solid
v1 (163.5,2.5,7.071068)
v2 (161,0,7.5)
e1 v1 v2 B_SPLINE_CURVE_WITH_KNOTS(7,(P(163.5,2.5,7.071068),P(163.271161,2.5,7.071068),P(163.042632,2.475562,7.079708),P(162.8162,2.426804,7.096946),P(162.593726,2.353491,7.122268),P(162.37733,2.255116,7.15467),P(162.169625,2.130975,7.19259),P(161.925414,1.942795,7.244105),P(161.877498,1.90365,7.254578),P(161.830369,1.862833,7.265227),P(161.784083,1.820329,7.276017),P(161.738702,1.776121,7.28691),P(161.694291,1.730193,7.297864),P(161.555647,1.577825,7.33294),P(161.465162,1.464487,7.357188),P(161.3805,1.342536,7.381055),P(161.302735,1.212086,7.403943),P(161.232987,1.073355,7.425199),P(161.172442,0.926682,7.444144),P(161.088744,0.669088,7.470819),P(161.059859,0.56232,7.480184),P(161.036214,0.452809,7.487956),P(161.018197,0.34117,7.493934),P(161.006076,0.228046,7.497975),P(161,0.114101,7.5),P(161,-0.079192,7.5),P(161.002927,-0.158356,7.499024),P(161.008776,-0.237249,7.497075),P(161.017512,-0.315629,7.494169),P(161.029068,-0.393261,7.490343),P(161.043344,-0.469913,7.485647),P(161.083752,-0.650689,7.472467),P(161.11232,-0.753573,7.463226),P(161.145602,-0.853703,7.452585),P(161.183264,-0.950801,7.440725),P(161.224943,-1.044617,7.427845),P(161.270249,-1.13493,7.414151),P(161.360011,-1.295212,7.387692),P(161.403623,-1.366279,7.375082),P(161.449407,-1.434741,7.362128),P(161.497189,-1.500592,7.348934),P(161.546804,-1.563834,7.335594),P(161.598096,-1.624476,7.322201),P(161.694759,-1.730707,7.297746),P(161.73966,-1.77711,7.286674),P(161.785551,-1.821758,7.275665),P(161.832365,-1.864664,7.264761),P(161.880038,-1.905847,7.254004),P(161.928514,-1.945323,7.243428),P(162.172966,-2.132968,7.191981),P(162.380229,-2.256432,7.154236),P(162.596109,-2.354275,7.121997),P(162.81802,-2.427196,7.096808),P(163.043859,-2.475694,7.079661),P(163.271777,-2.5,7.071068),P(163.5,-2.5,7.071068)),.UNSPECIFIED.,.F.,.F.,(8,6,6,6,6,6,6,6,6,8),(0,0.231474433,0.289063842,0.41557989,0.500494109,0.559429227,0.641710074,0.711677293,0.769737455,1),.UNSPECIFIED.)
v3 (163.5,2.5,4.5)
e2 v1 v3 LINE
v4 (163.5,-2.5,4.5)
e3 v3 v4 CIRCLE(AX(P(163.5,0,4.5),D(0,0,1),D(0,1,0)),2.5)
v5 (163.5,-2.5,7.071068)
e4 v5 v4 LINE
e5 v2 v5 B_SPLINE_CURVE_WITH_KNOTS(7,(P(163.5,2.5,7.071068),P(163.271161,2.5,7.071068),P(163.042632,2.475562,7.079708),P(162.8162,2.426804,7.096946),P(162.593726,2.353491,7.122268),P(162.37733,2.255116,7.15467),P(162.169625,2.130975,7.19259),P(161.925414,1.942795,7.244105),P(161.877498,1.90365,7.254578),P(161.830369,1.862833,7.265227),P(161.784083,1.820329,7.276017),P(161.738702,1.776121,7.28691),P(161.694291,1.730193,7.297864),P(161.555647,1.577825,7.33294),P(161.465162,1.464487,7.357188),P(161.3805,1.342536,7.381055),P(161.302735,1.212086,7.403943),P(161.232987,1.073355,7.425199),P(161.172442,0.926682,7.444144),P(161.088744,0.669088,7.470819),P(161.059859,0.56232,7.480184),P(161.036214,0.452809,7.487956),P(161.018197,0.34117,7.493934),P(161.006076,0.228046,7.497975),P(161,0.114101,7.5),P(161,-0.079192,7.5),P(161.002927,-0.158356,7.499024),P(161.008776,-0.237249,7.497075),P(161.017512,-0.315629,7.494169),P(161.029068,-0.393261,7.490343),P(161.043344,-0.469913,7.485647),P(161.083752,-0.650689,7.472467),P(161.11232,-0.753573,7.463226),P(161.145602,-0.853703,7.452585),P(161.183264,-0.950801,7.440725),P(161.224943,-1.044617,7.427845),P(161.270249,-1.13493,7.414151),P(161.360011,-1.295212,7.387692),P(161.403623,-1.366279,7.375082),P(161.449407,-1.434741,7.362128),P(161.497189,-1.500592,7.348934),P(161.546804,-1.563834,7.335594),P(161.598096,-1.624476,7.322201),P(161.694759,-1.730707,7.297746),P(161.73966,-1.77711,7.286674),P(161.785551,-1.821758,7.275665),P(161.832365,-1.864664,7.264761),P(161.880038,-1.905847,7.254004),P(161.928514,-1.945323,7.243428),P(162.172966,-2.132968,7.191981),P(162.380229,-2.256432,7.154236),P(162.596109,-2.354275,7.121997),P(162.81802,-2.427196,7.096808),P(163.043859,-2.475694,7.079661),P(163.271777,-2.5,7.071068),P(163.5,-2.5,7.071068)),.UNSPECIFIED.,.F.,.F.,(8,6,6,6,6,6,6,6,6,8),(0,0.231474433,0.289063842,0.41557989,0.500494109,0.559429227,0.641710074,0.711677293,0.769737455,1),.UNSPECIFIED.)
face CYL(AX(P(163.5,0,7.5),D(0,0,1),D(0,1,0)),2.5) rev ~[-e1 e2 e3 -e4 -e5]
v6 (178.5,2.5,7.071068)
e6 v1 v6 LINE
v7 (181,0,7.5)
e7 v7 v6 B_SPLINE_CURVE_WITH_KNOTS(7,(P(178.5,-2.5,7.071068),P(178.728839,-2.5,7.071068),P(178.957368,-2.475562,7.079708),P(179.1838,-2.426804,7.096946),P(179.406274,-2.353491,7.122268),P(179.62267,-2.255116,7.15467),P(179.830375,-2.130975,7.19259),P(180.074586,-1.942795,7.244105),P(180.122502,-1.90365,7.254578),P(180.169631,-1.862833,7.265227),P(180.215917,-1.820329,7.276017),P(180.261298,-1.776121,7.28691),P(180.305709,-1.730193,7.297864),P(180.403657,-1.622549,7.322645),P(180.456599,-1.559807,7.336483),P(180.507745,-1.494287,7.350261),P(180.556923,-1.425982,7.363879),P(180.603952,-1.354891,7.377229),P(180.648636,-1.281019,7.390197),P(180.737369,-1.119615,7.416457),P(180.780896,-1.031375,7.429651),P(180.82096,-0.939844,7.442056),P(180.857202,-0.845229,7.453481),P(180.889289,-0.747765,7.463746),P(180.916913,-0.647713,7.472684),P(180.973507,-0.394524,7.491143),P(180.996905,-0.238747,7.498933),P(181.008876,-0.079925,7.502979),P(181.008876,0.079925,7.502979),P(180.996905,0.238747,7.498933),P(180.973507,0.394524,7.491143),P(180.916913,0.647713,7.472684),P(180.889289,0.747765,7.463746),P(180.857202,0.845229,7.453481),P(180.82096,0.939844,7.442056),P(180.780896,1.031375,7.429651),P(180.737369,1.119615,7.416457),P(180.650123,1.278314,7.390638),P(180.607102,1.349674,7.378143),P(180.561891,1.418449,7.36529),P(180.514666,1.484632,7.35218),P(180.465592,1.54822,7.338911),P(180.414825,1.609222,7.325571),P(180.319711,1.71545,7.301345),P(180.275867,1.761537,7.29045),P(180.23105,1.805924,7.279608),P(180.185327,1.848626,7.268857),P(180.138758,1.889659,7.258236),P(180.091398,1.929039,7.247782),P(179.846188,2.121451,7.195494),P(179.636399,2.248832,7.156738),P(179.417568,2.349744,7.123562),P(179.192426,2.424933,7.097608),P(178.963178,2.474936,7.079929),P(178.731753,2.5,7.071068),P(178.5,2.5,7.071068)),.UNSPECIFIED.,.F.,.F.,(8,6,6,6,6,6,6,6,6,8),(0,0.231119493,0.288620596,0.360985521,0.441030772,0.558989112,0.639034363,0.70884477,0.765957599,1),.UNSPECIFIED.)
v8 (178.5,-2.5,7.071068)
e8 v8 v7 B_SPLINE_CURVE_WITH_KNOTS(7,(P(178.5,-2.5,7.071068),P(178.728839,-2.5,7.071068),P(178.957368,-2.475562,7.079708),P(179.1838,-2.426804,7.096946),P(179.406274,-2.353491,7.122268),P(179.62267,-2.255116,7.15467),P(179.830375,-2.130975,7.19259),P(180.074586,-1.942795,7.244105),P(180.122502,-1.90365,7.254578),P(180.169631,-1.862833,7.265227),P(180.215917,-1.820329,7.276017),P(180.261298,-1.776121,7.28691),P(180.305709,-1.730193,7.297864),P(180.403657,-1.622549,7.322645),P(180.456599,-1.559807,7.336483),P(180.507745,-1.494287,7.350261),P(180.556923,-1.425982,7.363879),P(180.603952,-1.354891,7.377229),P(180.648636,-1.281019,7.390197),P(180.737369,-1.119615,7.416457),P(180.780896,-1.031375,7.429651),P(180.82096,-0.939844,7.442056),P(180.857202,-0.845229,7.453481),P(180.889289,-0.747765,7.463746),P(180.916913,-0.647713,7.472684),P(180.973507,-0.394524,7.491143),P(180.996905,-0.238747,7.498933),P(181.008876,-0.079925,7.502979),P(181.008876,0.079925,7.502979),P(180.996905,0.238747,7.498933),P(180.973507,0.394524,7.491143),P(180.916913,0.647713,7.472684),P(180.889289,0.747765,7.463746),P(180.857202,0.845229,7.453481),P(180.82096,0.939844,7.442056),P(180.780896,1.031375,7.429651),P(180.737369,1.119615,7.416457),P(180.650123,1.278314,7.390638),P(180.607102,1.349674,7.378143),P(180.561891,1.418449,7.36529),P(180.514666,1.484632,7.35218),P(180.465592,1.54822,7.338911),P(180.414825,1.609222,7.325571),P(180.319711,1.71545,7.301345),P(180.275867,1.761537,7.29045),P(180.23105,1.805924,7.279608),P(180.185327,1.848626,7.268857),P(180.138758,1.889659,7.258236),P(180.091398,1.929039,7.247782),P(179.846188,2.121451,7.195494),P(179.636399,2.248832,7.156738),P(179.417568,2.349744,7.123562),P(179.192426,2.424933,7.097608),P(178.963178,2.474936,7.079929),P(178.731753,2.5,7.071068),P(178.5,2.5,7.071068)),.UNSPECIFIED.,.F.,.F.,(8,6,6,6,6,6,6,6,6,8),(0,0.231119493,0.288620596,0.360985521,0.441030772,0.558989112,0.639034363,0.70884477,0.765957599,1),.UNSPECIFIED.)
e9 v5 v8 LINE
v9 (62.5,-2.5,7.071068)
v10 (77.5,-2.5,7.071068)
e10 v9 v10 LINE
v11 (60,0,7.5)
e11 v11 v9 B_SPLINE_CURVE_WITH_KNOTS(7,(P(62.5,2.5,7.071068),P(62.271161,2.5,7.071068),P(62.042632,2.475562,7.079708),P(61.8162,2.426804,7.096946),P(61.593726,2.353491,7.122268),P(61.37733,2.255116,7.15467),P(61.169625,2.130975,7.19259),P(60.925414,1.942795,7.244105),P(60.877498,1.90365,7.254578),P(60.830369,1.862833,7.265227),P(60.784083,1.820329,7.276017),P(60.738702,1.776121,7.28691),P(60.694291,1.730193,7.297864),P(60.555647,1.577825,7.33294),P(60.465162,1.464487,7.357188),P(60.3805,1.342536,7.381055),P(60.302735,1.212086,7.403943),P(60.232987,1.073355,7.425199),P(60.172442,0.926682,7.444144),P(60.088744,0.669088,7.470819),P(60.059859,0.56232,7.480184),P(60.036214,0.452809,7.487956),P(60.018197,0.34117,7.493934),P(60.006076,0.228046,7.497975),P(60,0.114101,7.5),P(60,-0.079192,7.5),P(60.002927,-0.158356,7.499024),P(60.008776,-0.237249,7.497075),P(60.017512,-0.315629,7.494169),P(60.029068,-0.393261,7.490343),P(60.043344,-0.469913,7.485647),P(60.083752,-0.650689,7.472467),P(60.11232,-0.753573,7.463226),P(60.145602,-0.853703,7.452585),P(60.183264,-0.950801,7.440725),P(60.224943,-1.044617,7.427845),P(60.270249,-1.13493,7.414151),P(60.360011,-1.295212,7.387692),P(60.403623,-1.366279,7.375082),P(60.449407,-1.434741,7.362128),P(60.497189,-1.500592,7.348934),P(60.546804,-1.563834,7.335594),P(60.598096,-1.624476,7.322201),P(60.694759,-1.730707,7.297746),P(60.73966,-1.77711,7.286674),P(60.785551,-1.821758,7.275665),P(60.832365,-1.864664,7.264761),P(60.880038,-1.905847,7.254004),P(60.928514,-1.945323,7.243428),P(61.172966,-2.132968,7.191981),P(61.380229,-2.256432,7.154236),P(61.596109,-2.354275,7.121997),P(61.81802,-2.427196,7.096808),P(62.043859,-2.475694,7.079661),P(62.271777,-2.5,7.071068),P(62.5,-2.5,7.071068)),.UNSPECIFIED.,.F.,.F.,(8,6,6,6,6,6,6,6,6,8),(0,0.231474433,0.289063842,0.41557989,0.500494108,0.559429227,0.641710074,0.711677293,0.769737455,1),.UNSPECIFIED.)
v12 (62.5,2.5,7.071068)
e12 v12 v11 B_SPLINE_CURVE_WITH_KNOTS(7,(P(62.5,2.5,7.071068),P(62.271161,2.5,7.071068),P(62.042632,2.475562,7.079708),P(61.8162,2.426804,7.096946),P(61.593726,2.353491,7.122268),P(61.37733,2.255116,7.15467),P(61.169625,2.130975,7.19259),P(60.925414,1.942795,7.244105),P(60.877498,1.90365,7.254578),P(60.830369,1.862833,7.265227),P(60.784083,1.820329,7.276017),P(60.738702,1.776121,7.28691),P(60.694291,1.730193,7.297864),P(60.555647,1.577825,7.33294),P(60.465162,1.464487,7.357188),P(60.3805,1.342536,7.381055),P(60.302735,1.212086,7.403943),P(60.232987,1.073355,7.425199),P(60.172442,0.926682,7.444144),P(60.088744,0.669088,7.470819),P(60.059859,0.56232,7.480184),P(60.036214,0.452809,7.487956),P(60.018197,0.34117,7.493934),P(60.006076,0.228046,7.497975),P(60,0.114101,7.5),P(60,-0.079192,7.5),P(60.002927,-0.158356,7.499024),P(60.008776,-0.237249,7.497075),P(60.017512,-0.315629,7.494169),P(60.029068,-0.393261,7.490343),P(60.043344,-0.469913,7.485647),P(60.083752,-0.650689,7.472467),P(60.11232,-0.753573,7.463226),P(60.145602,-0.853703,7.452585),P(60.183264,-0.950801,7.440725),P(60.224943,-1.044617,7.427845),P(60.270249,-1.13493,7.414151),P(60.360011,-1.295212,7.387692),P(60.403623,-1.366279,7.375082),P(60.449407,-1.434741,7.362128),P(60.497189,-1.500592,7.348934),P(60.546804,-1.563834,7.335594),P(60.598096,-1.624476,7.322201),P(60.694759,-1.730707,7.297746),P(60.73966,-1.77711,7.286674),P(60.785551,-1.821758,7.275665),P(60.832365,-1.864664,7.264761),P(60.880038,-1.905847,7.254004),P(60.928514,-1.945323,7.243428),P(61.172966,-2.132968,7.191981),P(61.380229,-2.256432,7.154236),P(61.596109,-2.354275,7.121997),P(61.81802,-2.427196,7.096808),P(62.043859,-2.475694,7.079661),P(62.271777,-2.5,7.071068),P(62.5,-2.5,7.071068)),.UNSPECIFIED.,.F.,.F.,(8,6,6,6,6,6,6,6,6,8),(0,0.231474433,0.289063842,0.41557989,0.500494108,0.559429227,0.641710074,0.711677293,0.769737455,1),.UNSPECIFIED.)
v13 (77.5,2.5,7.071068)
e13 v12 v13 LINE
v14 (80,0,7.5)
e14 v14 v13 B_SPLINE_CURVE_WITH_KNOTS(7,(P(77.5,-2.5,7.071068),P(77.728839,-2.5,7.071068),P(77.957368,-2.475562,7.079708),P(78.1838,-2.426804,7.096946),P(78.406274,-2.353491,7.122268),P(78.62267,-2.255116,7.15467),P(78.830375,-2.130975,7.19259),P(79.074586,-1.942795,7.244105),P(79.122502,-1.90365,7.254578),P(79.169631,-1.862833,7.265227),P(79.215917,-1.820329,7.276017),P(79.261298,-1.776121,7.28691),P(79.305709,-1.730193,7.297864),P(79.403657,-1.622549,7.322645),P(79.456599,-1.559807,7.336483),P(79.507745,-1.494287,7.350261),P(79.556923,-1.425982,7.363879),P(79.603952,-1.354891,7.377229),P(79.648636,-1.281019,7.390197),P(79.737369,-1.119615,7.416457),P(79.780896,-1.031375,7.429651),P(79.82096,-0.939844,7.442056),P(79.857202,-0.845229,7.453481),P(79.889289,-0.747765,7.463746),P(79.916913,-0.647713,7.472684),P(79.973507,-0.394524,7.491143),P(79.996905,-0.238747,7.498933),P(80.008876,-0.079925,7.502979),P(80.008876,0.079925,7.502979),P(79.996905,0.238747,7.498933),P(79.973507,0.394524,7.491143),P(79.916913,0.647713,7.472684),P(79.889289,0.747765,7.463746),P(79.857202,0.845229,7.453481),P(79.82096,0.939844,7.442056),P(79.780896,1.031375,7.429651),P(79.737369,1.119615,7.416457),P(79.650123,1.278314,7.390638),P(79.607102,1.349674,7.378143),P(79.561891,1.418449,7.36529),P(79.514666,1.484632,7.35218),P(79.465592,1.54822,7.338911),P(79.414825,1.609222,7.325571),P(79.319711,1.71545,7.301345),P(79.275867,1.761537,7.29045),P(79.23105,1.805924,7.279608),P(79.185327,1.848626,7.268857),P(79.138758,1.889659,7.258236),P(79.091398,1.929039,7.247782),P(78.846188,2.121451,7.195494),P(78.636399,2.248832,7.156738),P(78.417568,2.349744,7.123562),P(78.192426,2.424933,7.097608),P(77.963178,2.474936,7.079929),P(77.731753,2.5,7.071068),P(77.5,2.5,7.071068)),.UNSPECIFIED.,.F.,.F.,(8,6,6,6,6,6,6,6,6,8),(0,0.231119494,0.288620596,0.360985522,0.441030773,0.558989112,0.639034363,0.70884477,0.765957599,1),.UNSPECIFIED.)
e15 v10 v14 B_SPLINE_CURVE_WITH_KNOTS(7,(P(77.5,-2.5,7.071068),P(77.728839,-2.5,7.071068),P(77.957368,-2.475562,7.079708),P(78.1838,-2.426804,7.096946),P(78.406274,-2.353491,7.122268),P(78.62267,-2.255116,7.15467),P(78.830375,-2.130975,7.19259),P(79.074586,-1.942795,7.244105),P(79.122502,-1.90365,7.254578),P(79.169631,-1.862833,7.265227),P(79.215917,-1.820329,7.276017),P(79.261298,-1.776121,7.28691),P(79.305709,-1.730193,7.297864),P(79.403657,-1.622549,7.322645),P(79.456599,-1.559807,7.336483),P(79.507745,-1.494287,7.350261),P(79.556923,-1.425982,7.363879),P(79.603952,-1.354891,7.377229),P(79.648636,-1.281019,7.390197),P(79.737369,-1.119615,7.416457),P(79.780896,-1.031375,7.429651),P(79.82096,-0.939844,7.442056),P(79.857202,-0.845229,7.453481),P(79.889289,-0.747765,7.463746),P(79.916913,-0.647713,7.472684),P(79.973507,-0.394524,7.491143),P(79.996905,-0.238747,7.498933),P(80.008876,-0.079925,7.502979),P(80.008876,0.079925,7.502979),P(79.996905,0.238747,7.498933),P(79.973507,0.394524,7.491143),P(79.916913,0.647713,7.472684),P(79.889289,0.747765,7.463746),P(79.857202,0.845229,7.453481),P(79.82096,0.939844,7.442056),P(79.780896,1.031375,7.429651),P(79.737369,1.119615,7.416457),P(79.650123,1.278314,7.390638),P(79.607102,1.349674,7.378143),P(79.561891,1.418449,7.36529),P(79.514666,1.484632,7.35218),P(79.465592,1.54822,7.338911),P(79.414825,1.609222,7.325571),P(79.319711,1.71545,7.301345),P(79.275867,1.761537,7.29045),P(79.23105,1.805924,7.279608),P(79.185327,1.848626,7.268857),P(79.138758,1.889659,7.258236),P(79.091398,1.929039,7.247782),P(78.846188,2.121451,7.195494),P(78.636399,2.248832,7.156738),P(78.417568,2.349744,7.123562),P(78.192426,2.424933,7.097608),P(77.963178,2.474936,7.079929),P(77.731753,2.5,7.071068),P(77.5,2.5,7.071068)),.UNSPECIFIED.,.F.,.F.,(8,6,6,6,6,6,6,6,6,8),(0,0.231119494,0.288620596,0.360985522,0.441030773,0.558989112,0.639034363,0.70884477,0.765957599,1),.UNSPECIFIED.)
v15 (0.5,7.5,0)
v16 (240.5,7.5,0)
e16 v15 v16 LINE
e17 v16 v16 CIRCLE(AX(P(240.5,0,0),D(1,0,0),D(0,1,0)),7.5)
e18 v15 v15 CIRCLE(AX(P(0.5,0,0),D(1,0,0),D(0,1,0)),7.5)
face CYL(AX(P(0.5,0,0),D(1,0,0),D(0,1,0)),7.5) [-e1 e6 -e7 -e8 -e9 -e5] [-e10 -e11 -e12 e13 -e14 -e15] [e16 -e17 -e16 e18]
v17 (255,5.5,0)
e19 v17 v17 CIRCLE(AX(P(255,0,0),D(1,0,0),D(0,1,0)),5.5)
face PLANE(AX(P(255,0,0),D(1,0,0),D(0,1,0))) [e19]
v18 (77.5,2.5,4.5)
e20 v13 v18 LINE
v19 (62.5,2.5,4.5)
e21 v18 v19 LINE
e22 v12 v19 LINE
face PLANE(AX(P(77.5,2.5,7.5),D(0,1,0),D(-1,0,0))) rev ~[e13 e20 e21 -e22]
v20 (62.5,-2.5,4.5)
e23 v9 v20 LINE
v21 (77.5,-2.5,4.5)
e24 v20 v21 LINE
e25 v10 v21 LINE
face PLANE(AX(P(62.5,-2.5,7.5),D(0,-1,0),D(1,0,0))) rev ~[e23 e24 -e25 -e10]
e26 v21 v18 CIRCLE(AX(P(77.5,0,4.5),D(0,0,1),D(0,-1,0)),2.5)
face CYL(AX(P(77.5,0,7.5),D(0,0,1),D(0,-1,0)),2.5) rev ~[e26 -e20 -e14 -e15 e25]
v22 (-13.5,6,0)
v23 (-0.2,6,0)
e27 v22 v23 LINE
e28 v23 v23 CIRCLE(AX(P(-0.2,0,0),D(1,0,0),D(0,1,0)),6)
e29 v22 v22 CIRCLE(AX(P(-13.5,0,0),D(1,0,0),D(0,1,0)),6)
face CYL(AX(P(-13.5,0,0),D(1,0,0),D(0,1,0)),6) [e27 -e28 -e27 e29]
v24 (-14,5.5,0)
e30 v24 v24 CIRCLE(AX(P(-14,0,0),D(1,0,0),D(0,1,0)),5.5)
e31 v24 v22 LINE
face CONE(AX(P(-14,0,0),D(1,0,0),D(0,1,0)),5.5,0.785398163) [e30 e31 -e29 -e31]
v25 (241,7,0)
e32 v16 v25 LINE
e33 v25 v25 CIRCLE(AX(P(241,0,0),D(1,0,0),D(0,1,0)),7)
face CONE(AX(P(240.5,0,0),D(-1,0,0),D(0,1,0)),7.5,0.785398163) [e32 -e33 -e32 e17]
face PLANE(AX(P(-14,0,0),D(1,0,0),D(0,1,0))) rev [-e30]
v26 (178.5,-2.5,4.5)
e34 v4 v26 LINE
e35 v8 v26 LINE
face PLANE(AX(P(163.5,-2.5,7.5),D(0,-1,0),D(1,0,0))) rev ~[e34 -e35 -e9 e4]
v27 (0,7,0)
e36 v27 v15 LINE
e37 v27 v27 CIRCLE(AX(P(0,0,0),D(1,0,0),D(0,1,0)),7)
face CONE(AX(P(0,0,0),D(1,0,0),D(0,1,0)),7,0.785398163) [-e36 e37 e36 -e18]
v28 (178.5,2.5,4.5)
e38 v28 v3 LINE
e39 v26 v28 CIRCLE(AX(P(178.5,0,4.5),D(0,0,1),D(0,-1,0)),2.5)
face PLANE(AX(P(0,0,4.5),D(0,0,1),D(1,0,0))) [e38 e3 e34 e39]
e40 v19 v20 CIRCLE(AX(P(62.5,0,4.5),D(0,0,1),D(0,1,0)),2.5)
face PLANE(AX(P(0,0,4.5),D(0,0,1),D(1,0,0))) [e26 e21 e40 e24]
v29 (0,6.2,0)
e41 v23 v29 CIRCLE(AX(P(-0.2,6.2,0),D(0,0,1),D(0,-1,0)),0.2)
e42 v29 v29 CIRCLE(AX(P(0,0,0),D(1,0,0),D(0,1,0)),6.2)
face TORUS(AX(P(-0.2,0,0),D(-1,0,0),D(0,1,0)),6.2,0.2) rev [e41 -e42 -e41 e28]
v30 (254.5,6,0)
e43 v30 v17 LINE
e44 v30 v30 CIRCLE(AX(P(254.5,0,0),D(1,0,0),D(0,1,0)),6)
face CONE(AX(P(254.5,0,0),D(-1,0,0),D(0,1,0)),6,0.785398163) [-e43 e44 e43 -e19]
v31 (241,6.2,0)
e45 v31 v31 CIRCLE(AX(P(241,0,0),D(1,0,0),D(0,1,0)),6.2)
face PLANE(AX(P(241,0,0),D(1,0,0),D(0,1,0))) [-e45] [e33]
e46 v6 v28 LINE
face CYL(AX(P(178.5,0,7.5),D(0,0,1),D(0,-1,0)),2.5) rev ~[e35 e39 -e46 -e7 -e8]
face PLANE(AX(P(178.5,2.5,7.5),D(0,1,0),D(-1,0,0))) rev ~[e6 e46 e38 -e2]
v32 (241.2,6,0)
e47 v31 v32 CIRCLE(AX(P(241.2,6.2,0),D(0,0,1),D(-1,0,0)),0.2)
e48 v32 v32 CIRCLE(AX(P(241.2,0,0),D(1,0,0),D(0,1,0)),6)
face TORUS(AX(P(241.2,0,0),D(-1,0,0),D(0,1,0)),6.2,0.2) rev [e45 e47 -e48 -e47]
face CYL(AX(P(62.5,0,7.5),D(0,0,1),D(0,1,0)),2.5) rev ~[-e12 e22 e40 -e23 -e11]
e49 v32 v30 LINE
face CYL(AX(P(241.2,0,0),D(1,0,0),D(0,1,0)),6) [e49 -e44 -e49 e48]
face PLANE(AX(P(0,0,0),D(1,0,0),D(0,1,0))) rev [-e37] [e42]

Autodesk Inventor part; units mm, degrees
ref_plane "YZ Plane" through (0, 0, 0) normal (1, 0, 0) x (0, 1, 0)
ref_plane "XZ Plane" through (0, 0, 0) normal (0, 1, 0) x (-1, 0, 0)
ref_plane "XY Plane" through (0, 0, 0) normal (0, 0, 1) x (1, 0, 0)
sketch "Sketch_1" plane through (0, 0, 0) normal (0, 0, 1) x (1, 0, 0)
  line L0 (255, 0) -> (-14, 0)
  line L1 (-14, 0) -> (-14, 5.5)
  line L2 (-14, 5.5) -> (-13.5, 6)
  line L3 (-13.5, 6) -> (-0.2, 6)
  arc A0 (-0.2, 6) -> (0, 6.2) centre (-0.2, 6.2) ccw
  line L4 (0, 6.2) -> (0, 7)
  line L5 (0, 7) -> (0.5, 7.5)
  line L6 (0.5, 7.5) -> (240.5, 7.5)
  line L7 (240.5, 7.5) -> (241, 7)
  line L8 (241, 7) -> (241, 6.2)
  arc A1 (241, 6.2) -> (241.2, 6) centre (241.2, 6.2) ccw
  line L9 (241.2, 6) -> (254.5, 6)
  line L10 (254.5, 6) -> (255, 5.5)
  line L11 (255, 5.5) -> (255, 0)
  line L12 (255, 0) -> (-14, 0)
revolve "Revolution1" add sketch "Sketch_1" angle 360 about axis through (255, 0, 0) along (1, 0, 0)
sketch "_____2" plane through (0, 0, 7.5) normal (0, 0, 1) x (1, 0, 0)
  arc A0 (62.5, 2.5) -> (62.5, -2.5) centre (62.5, 0) ccw
  line L0 (62.5, -2.5) -> (77.5, -2.5)
  arc A1 (77.5, -2.5) -> (77.5, 2.5) centre (77.5, 0) ccw
  line L1 (77.5, 2.5) -> (62.5, 2.5)
extrude "Extrusion1" cut sketch "_____2" against normal blind 3
sketch "_____6" plane through (0, 0, 7.5) normal (0, 0, 1) x (1, 0, 0)
  arc A0 (163.5, 2.5) -> (163.5, -2.5) centre (163.5, 0) ccw
  line L0 (163.5, -2.5) -> (178.5, -2.5)
  arc A1 (178.5, -2.5) -> (178.5, 2.5) centre (178.5, 0) ccw
  line L1 (178.5, 2.5) -> (163.5, 2.5)
extrude "Extrusion2" cut sketch "_____6" against normal blind 3
properties part number "NSFRQ15-241-F14-P12-T14-Q12-WKC60-C20-K60-E20_s"
